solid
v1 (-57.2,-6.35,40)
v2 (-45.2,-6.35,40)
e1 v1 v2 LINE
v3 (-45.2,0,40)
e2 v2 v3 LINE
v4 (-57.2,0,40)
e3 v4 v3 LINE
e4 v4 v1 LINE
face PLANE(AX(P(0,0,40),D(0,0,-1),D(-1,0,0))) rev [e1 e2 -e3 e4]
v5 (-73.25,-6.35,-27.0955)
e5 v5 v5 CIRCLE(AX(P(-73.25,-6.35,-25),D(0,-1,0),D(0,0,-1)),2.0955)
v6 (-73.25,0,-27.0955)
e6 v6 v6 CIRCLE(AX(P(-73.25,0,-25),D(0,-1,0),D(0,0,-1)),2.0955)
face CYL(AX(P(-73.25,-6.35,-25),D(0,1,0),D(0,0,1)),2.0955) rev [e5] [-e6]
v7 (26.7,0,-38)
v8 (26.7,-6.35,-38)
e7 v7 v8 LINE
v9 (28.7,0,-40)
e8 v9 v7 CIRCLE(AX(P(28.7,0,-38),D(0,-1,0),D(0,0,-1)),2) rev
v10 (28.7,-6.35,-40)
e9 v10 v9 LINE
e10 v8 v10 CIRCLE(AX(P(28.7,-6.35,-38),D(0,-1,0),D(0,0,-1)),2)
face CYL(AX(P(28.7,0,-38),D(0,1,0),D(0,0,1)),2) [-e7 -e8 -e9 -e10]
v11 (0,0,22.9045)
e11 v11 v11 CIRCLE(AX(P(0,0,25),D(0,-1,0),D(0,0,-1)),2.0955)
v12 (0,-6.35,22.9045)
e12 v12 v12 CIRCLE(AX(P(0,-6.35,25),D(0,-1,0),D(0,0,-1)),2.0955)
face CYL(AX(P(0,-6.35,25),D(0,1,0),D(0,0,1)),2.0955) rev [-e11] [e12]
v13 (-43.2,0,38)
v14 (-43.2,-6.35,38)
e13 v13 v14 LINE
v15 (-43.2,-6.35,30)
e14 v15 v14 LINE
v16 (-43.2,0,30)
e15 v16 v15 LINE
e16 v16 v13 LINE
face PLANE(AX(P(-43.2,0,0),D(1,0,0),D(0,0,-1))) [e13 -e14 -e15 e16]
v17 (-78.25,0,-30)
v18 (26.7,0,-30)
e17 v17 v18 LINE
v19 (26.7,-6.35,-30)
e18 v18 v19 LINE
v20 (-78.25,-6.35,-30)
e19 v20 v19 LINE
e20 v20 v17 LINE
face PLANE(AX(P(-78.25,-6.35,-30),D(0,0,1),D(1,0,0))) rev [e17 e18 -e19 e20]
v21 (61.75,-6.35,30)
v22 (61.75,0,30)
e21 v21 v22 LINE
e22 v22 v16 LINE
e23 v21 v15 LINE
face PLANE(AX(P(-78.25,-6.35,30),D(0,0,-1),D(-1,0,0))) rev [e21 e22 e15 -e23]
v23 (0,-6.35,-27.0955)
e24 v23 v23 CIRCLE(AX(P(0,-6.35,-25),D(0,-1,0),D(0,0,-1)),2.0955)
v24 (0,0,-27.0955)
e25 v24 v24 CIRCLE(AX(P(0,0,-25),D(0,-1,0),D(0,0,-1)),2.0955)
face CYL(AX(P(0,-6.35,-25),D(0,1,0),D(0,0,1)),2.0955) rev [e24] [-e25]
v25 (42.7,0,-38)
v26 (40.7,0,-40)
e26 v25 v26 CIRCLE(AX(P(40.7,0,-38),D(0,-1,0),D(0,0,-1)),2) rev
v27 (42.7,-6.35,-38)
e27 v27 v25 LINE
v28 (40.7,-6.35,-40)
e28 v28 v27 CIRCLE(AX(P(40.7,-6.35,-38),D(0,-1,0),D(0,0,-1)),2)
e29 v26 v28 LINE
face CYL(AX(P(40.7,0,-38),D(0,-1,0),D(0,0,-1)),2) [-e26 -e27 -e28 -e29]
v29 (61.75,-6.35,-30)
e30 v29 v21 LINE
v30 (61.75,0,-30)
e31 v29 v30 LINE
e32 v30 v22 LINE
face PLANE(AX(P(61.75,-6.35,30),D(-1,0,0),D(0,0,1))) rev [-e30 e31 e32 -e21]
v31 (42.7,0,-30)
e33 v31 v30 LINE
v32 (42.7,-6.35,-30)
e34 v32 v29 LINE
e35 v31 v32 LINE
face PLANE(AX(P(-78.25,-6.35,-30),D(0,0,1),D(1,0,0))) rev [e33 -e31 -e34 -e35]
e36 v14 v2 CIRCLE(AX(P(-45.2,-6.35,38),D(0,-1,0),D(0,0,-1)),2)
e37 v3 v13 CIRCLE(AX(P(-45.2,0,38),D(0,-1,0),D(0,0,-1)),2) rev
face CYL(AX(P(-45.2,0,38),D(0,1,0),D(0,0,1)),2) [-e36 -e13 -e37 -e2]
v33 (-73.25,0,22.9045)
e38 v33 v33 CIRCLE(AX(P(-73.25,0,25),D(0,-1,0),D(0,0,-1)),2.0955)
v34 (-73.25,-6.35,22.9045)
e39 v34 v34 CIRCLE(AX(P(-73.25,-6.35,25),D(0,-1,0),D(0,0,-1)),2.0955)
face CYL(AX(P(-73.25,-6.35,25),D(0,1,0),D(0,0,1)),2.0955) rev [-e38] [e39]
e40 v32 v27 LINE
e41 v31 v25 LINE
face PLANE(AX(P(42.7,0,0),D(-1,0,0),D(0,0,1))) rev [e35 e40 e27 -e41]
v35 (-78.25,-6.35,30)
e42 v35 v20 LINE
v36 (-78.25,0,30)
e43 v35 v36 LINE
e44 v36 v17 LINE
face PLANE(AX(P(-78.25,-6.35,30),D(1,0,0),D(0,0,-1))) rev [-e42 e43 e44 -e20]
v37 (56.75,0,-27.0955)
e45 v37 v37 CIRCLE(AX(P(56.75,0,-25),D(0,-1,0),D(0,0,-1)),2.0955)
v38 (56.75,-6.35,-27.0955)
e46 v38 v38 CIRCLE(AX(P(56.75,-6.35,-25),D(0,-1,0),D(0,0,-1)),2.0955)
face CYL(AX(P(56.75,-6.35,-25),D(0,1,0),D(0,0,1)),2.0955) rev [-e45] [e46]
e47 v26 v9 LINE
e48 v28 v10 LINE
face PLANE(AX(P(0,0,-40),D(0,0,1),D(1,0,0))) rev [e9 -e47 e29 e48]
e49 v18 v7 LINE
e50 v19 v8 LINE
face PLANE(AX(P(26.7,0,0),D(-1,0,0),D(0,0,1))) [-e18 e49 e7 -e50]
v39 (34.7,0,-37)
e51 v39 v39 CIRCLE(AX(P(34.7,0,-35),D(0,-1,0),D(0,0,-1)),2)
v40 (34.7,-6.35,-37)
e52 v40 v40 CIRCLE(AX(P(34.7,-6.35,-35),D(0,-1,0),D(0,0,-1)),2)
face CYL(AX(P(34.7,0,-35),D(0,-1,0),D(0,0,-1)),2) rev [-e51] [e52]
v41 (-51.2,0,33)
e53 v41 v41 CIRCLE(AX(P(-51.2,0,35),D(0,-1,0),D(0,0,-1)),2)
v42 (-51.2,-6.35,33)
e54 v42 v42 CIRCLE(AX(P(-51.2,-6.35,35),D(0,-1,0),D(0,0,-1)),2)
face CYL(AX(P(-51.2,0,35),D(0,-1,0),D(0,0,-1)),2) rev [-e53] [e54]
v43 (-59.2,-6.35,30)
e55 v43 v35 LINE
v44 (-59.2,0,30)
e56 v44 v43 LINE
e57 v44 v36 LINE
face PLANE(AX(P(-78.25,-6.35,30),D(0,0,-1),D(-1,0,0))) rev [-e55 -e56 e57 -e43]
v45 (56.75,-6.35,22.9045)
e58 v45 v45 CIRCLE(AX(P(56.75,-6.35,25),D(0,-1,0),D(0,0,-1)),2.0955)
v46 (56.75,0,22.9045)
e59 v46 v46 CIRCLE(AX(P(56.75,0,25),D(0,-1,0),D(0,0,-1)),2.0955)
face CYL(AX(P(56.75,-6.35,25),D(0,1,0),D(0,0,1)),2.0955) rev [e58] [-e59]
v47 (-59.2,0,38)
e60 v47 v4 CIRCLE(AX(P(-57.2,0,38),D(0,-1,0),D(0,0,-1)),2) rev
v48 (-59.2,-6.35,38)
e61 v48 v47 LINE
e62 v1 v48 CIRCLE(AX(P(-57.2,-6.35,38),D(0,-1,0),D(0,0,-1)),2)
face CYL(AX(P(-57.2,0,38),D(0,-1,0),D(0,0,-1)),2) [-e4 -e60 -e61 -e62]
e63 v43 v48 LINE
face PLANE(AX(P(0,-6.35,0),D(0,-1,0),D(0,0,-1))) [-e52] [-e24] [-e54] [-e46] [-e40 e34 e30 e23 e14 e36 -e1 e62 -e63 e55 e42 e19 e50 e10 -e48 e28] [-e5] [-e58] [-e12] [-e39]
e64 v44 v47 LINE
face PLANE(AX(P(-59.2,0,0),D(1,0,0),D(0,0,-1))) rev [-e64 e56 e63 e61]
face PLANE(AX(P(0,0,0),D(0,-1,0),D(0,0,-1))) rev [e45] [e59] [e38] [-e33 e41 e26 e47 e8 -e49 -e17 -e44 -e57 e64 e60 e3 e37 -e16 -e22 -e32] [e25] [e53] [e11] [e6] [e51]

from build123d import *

# Parameters (mm, degrees)
SKETCH1_W           = 140
SKETCH1_H           = 60
SKETCH1_R           = 2.0955
BOSS_EXTRUDE1_DEPTH = 6.35
SKETCH2_W           = 16
SKETCH2_H           = 10
SKETCH2_R           = 2
BOSS_EXTRUDE2_DEPTH = 6.35
FILLET1_R           = 2


with BuildPart() as part:
    # Sketch1 → Boss-Extrude1 (new body)
    with BuildSketch(Plane.XZ):
        with Locations((-8.25, 0)):
            Rectangle(SKETCH1_W, SKETCH1_H)
        with Locations(Location((-73.25, 25, 0), (0, 0, 270))):
            Circle(SKETCH1_R, mode=Mode.SUBTRACT)
        with Locations(Location((0, 25, 0), (0, 0, 270))):
            Circle(SKETCH1_R, mode=Mode.SUBTRACT)
        with Locations(Location((56.75, 25, 0), (0, 0, 270))):
            Circle(SKETCH1_R, mode=Mode.SUBTRACT)
        with Locations(Location((56.75, -25, 0), (0, 0, 270))):
            Circle(SKETCH1_R, mode=Mode.SUBTRACT)
        with Locations(Location((0, -25, 0), (0, 0, 270))):
            Circle(SKETCH1_R, mode=Mode.SUBTRACT)
        with Locations(Location((-73.25, -25, 0), (0, 0, 270))):
            Circle(SKETCH1_R, mode=Mode.SUBTRACT)
    extrude(amount=BOSS_EXTRUDE1_DEPTH)

    # Sketch2 → Boss-Extrude2 (add)
    # profile 1 of 2: a face of its own
    with BuildSketch(Plane.XZ.offset(6.35)):
        with Locations((34.7, -35)):
            Rectangle(SKETCH2_W, SKETCH2_H)
        with Locations(Location((34.7, -35, 0), (0, 0, 270))):
            Circle(SKETCH2_R, mode=Mode.SUBTRACT)
    # profile 2 of 2: a face of its own
    with BuildSketch(Plane.XZ.offset(6.35)):
        with Locations((-51.2, 35)):
            Rectangle(SKETCH2_W, SKETCH2_H)
        with Locations(Location((-51.2, 35, 0), (0, 0, 270))):
            Circle(SKETCH2_R, mode=Mode.SUBTRACT)
    extrude(amount=-BOSS_EXTRUDE2_DEPTH)

    # Fillet1
    fillet1_edges = [part.edges().sort_by_distance(p)[0] for p in [
        (42.7, -3.175, -40),
        (26.7, -3.175, -40),
        (-59.2, -3.175, 40),
        (-43.2, -3.175, 40),
    ]]
    fillet(fillet1_edges, radius=FILLET1_R)


solid = part.part
